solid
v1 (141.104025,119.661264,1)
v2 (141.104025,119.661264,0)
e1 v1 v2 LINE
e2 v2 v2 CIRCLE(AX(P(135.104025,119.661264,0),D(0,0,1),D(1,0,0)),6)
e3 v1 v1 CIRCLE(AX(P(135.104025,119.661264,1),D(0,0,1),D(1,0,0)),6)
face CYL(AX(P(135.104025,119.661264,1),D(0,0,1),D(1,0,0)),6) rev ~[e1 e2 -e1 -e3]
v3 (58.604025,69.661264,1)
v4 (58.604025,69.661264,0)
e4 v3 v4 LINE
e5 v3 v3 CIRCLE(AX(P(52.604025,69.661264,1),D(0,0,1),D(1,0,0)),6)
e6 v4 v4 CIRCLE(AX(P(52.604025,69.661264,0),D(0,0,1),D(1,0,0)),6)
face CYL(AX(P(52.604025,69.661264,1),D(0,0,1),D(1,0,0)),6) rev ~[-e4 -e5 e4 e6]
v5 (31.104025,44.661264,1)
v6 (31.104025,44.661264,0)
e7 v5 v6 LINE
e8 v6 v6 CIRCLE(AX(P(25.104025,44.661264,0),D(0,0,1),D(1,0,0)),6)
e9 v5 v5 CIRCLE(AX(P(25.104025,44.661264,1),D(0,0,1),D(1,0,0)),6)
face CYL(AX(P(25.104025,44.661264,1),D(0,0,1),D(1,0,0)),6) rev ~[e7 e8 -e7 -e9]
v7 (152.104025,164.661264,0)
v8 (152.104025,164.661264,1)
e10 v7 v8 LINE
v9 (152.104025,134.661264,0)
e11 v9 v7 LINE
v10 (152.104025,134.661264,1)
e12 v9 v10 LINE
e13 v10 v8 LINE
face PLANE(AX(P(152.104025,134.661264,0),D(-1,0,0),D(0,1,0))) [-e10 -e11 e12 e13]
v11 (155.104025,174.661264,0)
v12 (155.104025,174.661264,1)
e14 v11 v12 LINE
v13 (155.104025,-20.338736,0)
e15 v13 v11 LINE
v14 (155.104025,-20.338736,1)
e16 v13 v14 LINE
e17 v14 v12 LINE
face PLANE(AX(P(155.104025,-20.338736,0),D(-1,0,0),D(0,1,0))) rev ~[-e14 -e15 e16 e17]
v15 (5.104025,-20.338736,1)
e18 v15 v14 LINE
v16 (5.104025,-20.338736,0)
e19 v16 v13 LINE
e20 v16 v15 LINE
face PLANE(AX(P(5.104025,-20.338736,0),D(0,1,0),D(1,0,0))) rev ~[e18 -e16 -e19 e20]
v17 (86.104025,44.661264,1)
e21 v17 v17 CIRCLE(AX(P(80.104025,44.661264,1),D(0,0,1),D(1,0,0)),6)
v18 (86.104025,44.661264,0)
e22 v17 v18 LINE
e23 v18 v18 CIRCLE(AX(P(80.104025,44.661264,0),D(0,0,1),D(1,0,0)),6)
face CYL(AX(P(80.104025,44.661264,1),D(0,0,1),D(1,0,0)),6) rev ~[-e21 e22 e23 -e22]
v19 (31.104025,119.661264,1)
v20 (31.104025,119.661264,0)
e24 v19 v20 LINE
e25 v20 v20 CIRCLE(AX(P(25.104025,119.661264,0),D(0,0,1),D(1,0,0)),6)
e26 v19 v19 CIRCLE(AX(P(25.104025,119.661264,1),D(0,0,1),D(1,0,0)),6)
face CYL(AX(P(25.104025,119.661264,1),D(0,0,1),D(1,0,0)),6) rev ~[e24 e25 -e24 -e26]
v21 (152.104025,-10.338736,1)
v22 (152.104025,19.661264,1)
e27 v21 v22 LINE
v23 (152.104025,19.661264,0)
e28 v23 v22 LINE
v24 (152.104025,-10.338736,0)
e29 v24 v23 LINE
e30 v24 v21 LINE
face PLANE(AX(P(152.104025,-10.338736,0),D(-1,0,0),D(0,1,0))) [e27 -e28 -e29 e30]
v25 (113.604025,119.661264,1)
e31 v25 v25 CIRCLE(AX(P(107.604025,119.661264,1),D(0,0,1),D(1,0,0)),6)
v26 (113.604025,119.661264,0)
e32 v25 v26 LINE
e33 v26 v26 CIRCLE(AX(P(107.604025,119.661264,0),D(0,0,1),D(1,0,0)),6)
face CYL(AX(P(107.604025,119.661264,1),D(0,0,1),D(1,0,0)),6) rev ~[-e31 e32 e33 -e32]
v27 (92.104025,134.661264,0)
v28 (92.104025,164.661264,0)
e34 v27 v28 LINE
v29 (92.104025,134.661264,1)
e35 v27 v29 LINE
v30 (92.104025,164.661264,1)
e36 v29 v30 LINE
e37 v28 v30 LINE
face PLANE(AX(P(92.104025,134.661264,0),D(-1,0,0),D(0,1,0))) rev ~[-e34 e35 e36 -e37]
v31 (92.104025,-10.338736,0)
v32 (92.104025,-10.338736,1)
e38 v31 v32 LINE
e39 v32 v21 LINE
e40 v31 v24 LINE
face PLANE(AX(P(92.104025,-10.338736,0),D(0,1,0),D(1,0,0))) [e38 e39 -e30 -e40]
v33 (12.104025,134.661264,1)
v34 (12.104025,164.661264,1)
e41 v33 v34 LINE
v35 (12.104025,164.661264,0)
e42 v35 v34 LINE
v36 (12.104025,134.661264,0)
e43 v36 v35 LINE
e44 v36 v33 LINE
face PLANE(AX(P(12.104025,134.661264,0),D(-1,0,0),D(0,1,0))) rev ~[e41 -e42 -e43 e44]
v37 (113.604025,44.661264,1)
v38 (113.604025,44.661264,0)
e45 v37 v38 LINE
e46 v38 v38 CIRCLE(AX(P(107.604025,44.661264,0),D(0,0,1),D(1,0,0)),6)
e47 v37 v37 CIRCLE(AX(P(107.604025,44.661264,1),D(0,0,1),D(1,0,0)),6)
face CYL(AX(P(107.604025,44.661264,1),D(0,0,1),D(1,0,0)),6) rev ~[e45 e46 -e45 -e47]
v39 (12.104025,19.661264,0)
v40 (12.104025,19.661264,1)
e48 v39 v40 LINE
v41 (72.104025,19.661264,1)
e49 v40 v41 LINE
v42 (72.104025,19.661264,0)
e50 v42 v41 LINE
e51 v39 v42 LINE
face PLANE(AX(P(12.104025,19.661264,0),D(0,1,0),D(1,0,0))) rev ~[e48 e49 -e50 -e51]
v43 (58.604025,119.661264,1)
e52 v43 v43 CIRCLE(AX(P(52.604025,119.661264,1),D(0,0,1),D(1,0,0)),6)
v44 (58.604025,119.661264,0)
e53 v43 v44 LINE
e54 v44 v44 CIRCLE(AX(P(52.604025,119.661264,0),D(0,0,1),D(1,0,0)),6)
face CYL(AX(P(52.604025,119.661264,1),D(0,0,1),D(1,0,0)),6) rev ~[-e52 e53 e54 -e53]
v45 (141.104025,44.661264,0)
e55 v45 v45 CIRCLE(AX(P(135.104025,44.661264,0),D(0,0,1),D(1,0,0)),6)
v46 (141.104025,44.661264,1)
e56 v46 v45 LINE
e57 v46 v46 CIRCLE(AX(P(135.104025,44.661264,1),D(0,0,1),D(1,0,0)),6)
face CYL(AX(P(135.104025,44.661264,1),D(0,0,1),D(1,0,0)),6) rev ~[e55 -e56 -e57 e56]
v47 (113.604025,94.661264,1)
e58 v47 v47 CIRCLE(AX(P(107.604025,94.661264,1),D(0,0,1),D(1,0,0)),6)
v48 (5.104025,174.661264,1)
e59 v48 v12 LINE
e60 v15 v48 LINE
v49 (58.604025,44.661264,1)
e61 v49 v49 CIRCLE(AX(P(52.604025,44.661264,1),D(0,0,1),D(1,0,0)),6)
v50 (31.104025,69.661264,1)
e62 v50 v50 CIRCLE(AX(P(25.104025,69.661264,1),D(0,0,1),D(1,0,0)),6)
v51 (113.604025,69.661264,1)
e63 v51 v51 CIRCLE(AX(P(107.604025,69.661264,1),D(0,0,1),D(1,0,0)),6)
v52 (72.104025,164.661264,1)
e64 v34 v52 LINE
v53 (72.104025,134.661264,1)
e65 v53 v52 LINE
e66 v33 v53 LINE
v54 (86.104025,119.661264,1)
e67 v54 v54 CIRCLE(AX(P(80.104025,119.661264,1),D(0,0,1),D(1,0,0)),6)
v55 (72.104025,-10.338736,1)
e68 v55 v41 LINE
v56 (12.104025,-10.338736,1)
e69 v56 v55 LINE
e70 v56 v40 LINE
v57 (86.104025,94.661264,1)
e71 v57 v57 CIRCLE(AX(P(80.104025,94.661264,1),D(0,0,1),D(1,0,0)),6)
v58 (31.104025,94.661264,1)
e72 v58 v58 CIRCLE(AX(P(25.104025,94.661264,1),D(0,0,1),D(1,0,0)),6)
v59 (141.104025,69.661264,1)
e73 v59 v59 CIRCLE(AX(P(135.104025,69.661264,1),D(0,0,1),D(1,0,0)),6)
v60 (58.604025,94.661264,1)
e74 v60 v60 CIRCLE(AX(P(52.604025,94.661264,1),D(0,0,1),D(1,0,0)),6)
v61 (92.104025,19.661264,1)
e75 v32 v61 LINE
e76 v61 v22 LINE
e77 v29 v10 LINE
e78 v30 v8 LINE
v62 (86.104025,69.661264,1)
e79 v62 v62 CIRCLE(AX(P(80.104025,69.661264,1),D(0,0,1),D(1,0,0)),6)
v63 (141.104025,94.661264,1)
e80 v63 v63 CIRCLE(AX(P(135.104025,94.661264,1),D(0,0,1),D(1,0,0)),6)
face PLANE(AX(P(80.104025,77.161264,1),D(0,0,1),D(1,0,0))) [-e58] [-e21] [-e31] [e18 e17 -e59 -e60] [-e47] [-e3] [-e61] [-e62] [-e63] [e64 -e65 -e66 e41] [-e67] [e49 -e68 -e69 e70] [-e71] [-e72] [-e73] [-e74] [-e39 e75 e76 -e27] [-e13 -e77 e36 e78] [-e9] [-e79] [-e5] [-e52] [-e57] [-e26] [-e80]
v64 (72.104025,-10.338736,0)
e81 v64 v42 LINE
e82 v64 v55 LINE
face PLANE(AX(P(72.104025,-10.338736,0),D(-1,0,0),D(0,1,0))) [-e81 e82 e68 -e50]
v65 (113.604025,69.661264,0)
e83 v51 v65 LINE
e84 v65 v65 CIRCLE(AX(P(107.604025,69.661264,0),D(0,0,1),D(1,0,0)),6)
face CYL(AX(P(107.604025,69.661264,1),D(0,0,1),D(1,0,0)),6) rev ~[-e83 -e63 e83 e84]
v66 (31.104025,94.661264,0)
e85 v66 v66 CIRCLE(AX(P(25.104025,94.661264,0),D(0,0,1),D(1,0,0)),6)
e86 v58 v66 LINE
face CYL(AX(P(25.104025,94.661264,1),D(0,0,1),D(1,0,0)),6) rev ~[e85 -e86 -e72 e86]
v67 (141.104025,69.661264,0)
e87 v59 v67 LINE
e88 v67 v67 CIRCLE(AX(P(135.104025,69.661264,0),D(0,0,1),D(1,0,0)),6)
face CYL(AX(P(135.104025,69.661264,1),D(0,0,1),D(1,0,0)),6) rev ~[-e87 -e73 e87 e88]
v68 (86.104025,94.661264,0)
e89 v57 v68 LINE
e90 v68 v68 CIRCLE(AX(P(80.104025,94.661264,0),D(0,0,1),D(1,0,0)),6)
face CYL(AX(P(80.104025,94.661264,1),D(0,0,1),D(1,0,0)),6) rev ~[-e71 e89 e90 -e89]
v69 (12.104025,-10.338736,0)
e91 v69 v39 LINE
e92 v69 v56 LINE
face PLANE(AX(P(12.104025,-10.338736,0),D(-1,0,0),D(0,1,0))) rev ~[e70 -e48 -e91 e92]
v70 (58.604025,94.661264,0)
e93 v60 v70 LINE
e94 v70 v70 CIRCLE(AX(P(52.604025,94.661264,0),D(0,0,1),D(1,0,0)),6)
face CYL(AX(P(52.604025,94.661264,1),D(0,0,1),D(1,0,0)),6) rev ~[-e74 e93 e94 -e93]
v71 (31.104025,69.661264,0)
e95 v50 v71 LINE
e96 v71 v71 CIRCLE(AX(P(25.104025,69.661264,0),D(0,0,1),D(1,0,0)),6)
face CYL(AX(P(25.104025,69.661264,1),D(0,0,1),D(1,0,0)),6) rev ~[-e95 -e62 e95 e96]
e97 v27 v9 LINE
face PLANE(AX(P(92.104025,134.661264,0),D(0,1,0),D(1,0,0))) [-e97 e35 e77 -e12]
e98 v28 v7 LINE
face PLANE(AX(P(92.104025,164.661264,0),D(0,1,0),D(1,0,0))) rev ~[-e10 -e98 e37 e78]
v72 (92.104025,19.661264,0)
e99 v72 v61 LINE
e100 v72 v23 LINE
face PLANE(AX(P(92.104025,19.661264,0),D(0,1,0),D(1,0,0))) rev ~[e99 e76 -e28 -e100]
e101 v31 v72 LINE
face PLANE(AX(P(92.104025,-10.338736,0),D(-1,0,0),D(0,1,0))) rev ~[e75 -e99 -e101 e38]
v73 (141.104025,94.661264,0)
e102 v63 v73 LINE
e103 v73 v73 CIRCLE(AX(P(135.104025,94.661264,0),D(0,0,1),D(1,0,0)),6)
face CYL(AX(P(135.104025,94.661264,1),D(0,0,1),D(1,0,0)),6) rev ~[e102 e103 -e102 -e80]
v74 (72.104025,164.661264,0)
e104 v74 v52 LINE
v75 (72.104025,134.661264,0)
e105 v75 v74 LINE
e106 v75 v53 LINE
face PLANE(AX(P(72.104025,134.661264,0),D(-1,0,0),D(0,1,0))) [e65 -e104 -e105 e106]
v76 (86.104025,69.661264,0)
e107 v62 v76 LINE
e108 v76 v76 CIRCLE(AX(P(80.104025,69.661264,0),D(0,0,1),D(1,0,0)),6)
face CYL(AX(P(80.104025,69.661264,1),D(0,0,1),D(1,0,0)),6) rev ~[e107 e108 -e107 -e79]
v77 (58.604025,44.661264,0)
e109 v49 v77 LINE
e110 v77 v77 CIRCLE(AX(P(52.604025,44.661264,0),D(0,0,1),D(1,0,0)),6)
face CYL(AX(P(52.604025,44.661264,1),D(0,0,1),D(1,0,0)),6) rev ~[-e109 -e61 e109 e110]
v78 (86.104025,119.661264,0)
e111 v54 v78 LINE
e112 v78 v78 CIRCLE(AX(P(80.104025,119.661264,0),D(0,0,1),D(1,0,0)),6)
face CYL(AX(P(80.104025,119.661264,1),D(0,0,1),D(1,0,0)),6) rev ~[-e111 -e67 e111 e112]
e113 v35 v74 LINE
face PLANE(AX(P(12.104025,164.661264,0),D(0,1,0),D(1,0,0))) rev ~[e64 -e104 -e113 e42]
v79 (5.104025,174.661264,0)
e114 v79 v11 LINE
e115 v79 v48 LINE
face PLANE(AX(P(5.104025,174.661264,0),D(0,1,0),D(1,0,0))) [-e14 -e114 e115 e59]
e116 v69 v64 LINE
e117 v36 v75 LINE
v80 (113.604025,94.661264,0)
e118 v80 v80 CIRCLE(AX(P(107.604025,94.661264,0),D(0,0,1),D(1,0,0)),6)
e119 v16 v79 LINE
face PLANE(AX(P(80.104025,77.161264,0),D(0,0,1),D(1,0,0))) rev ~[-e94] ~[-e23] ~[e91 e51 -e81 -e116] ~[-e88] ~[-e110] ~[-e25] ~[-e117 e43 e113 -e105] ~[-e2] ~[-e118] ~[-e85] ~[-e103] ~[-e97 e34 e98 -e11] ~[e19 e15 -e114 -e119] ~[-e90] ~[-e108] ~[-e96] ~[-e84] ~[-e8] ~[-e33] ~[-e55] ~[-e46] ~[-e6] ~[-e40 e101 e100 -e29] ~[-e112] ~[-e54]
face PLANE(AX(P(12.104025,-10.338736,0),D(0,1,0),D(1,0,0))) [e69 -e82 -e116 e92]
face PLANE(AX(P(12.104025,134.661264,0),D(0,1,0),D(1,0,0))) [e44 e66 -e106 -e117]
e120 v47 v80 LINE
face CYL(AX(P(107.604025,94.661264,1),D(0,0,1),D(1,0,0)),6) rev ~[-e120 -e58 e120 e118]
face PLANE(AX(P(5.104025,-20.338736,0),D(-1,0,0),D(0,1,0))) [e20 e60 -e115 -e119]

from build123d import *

# Parameters (mm, degrees)
SKETCH1_W           = 150
SKETCH1_H           = 195
SKETCH1_W_2         = 60
SKETCH1_H_2         = 30
BOSS_EXTRUDE1_DEPTH = 1
SKETCH2_R           = 6
CUT_EXTRUDE1_DEPTH  = 2


with BuildPart() as part:
    # Sketch1 → Boss-Extrude1 (new body)
    with BuildSketch(Plane.XY):
        with Locations((80.10402455, 77.161264357)):
            Rectangle(SKETCH1_W, SKETCH1_H)
        with Locations((42.10402455, 149.661264357)):
            Rectangle(SKETCH1_W_2, SKETCH1_H_2, mode=Mode.SUBTRACT)
        with Locations((122.10402455, 149.661264357)):
            Rectangle(SKETCH1_W_2, SKETCH1_H_2, mode=Mode.SUBTRACT)
        with Locations((42.10402455, 4.661264357)):
            Rectangle(SKETCH1_W_2, SKETCH1_H_2, mode=Mode.SUBTRACT)
        with Locations((122.10402455, 4.661264357)):
            Rectangle(SKETCH1_W_2, SKETCH1_H_2, mode=Mode.SUBTRACT)
    extrude(amount=BOSS_EXTRUDE1_DEPTH)

    # Sketch2 → Cut-Extrude1 (cut)
    with BuildSketch(Plane.XY.offset(1)):
        with Locations((25.10402455, 119.661264357)):
            Circle(SKETCH2_R)
        with Locations((25.10402455, 94.661264357)):
            Circle(SKETCH2_R)
        with Locations((25.10402455, 69.661264357)):
            Circle(SKETCH2_R)
        with Locations((25.10402455, 44.661264357)):
            Circle(SKETCH2_R)
        with Locations((52.60402455, 119.661264357)):
            Circle(SKETCH2_R)
        with Locations((52.60402455, 69.661264357)):
            Circle(SKETCH2_R)
        with Locations((52.60402455, 94.661264357)):
            Circle(SKETCH2_R)
        with Locations((52.60402455, 44.661264357)):
            Circle(SKETCH2_R)
        with Locations((80.10402455, 119.661264357)):
            Circle(SKETCH2_R)
        with Locations((80.10402455, 69.661264357)):
            Circle(SKETCH2_R)
        with Locations((80.10402455, 94.661264357)):
            Circle(SKETCH2_R)
        with Locations((80.10402455, 44.661264357)):
            Circle(SKETCH2_R)
        with Locations((107.60402455, 119.661264357)):
            Circle(SKETCH2_R)
        with Locations((107.60402455, 69.661264357)):
            Circle(SKETCH2_R)
        with Locations((107.60402455, 94.661264357)):
            Circle(SKETCH2_R)
        with Locations((107.60402455, 44.661264357)):
            Circle(SKETCH2_R)
        with Locations((135.10402455, 119.661264357)):
            Circle(SKETCH2_R)
        with Locations((135.10402455, 69.661264357)):
            Circle(SKETCH2_R)
        with Locations((135.10402455, 94.661264357)):
            Circle(SKETCH2_R)
        with Locations((135.10402455, 44.661264357)):
            Circle(SKETCH2_R)
    extrude(amount=-CUT_EXTRUDE1_DEPTH, mode=Mode.SUBTRACT)


solid = part.part
